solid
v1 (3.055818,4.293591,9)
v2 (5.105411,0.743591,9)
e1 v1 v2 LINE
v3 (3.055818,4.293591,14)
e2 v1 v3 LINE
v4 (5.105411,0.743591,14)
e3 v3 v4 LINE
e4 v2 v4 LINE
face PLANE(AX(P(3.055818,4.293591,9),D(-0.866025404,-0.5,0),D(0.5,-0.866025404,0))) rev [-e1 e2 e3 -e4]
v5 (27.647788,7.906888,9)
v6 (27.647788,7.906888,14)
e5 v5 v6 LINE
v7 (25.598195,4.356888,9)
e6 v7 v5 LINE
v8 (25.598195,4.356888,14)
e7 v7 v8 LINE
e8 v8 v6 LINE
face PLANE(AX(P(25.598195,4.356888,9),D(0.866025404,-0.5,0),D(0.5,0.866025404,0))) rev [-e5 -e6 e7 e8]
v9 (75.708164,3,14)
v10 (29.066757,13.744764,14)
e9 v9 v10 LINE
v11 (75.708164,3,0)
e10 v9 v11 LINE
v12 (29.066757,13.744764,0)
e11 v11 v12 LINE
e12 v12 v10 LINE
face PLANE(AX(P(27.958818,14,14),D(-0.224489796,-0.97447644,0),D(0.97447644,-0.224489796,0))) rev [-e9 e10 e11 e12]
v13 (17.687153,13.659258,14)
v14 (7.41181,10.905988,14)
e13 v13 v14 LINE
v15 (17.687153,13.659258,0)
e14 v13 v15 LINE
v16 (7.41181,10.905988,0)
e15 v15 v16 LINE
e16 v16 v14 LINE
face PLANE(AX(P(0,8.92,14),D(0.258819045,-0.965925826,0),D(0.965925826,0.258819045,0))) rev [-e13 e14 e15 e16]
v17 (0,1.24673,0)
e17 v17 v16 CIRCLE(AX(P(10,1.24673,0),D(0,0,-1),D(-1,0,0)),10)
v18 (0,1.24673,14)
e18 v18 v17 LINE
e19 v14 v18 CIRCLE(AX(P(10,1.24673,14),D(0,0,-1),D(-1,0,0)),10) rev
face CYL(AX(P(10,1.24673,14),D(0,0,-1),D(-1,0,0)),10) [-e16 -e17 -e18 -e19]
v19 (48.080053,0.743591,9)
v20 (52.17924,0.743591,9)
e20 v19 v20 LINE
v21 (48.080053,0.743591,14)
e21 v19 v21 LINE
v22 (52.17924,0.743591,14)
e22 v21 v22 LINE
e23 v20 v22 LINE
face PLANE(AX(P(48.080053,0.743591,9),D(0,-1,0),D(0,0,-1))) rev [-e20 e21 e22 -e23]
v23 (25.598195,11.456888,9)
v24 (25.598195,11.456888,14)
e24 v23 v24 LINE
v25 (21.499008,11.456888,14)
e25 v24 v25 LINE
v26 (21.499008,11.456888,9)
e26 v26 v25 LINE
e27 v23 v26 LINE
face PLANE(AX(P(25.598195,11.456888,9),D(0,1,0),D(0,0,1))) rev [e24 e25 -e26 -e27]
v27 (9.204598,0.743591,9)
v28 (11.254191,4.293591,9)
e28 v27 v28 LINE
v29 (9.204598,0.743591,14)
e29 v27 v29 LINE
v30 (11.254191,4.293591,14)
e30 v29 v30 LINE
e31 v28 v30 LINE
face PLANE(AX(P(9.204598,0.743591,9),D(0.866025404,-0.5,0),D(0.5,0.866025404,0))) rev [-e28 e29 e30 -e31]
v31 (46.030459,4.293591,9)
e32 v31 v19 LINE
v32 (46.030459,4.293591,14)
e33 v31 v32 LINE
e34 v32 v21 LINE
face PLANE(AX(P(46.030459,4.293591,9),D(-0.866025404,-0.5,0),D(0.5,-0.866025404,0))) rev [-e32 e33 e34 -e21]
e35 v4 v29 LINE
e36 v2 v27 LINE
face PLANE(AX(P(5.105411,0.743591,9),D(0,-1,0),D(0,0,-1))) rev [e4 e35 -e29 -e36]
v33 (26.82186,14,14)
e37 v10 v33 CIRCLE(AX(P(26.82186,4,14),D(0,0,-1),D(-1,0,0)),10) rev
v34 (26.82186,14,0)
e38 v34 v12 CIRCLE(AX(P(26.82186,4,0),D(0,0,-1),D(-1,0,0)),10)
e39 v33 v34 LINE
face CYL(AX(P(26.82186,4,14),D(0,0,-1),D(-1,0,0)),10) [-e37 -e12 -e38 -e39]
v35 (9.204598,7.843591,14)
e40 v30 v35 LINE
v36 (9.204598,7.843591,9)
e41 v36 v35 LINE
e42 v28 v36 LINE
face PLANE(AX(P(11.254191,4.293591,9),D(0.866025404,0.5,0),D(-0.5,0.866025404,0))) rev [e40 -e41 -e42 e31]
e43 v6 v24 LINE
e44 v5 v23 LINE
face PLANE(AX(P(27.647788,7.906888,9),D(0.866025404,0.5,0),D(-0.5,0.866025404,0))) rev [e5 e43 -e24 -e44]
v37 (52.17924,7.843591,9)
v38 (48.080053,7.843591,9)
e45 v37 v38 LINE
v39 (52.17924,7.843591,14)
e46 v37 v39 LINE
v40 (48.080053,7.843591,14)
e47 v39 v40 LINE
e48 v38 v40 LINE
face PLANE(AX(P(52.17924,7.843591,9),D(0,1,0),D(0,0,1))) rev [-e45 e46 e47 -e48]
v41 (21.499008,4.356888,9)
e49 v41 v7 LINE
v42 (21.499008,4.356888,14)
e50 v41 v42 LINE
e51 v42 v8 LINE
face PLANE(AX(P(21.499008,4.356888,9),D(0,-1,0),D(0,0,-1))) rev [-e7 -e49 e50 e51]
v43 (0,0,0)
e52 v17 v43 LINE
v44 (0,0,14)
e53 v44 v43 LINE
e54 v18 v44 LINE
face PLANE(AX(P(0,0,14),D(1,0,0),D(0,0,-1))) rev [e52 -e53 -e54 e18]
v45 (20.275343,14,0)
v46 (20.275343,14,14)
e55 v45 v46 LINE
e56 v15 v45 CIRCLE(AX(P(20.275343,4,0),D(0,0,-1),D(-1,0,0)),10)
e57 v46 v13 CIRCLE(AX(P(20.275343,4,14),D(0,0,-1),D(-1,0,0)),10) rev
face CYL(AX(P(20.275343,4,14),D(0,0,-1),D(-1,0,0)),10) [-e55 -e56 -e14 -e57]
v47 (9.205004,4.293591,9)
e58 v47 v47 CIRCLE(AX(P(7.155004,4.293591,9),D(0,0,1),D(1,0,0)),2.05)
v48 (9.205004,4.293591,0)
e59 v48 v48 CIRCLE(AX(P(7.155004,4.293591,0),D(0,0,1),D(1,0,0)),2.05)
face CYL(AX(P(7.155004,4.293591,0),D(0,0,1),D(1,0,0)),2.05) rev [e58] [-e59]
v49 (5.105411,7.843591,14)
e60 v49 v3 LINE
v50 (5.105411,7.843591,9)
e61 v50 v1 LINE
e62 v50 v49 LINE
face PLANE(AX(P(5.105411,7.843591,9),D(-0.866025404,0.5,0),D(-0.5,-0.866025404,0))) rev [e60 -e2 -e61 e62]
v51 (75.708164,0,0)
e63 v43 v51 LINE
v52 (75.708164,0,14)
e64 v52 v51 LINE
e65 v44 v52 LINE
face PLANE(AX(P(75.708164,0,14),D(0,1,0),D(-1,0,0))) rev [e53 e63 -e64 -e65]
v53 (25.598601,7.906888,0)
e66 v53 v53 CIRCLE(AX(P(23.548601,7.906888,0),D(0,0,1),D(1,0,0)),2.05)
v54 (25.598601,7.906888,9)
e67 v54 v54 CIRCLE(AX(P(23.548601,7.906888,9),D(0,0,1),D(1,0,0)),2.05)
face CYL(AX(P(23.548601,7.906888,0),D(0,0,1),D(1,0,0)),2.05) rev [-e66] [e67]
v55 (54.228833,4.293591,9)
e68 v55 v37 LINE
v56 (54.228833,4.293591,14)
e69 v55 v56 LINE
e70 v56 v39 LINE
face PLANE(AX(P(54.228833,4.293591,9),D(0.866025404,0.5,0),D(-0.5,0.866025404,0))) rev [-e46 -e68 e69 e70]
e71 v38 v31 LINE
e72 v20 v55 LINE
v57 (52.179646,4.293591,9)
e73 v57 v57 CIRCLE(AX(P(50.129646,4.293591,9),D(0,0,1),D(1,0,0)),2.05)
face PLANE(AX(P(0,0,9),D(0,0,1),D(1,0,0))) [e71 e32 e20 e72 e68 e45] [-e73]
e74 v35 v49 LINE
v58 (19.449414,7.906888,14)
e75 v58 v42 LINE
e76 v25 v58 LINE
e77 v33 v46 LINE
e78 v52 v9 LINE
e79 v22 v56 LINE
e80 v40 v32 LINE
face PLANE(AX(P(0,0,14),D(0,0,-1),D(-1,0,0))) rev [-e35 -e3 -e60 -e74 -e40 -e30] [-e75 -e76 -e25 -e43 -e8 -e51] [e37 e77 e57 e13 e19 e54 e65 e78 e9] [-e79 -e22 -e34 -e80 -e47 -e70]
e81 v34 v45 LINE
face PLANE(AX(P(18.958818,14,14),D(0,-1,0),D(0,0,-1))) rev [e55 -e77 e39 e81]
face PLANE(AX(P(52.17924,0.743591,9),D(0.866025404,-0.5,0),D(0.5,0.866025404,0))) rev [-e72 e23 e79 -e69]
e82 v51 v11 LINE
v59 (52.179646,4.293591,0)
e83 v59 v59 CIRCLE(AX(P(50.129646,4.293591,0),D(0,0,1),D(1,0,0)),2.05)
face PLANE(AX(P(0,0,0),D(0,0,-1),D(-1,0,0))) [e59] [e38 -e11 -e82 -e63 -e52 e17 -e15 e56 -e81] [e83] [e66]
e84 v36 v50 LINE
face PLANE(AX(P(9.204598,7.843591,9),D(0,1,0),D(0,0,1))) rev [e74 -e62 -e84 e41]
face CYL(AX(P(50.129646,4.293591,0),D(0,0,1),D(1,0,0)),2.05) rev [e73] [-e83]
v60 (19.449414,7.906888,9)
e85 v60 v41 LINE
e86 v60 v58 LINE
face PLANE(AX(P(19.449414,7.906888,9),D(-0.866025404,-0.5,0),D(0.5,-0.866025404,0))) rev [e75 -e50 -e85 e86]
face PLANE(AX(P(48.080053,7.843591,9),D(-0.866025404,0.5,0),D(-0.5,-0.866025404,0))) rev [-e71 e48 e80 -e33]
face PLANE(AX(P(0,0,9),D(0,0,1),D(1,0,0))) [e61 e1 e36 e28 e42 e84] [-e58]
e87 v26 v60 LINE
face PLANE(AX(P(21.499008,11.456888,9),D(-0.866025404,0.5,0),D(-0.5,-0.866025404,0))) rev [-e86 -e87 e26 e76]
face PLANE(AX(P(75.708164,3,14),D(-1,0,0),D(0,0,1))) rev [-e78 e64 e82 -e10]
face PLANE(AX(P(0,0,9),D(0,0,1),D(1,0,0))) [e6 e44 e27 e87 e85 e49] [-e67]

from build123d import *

# Parameters (mm, degrees)
BOSS_EXTRUDE1_DEPTH = 14
FILLET1_R           = 10
FILLET2_R           = 10
CUT_EXTRUDE1_DEPTH  = 5
SKETCH4_R           = 2.05
CUT_EXTRUDE2_DEPTH  = 78.515972824


with BuildPart() as part:
    # Sketch1 → Boss-Extrude1 (new body)
    with BuildSketch(Plane.XY):
        Polygon((0, 0), (0, 8.92), (18.958818102, 14), (27.958818102, 14), (75.708163648, 3), (75.708163648, 0), align=None)
    extrude(amount=BOSS_EXTRUDE1_DEPTH)

    # Fillet1
    fillet1_edges = [part.edges().sort_by_distance(p)[0] for p in [
        (0, 8.92, 7),
    ]]
    fillet(fillet1_edges, radius=FILLET1_R)

    # Fillet2
    fillet2_edges = [part.edges().sort_by_distance(p)[0] for p in [
        (18.958818102, 14, 7),
        (27.958818102, 14, 7),
    ]]
    fillet(fillet2_edges, radius=FILLET2_R)

    # Sketch3 → Cut-Extrude1 (cut)
    with BuildSketch(Plane.XY.offset(14)):
        Polygon((9.204597923, 0.743591352), (11.254191379, 4.293591352), (9.204597923, 7.843591352), (5.105411012, 7.843591352), (3.055817556, 4.293591352), (5.105411012, 0.743591352), align=None)
        Polygon((25.598194748, 4.356888356), (27.647788204, 7.906888356), (25.598194748, 11.456888356), (21.499007837, 11.456888356), (19.449414382, 7.906888356), (21.499007837, 4.356888356), align=None)
        Polygon((52.17923967, 0.743591352), (54.228833126, 4.293591352), (52.17923967, 7.843591352), (48.080052759, 7.843591352), (46.030459303, 4.293591352), (48.080052759, 0.743591352), align=None)
    extrude(amount=-CUT_EXTRUDE1_DEPTH, mode=Mode.SUBTRACT)

    # Sketch4 → Cut-Extrude2 (cut, through all)
    with BuildSketch(Plane.XY.offset(9)):
        with Locations((7.155004468, 4.293591352)):
            Circle(SKETCH4_R)
        with Locations((23.548601293, 7.906888356)):
            Circle(SKETCH4_R)
        with Locations((50.129646215, 4.293591352)):
            Circle(SKETCH4_R)
    extrude(amount=-CUT_EXTRUDE2_DEPTH, mode=Mode.SUBTRACT)


solid = part.part
